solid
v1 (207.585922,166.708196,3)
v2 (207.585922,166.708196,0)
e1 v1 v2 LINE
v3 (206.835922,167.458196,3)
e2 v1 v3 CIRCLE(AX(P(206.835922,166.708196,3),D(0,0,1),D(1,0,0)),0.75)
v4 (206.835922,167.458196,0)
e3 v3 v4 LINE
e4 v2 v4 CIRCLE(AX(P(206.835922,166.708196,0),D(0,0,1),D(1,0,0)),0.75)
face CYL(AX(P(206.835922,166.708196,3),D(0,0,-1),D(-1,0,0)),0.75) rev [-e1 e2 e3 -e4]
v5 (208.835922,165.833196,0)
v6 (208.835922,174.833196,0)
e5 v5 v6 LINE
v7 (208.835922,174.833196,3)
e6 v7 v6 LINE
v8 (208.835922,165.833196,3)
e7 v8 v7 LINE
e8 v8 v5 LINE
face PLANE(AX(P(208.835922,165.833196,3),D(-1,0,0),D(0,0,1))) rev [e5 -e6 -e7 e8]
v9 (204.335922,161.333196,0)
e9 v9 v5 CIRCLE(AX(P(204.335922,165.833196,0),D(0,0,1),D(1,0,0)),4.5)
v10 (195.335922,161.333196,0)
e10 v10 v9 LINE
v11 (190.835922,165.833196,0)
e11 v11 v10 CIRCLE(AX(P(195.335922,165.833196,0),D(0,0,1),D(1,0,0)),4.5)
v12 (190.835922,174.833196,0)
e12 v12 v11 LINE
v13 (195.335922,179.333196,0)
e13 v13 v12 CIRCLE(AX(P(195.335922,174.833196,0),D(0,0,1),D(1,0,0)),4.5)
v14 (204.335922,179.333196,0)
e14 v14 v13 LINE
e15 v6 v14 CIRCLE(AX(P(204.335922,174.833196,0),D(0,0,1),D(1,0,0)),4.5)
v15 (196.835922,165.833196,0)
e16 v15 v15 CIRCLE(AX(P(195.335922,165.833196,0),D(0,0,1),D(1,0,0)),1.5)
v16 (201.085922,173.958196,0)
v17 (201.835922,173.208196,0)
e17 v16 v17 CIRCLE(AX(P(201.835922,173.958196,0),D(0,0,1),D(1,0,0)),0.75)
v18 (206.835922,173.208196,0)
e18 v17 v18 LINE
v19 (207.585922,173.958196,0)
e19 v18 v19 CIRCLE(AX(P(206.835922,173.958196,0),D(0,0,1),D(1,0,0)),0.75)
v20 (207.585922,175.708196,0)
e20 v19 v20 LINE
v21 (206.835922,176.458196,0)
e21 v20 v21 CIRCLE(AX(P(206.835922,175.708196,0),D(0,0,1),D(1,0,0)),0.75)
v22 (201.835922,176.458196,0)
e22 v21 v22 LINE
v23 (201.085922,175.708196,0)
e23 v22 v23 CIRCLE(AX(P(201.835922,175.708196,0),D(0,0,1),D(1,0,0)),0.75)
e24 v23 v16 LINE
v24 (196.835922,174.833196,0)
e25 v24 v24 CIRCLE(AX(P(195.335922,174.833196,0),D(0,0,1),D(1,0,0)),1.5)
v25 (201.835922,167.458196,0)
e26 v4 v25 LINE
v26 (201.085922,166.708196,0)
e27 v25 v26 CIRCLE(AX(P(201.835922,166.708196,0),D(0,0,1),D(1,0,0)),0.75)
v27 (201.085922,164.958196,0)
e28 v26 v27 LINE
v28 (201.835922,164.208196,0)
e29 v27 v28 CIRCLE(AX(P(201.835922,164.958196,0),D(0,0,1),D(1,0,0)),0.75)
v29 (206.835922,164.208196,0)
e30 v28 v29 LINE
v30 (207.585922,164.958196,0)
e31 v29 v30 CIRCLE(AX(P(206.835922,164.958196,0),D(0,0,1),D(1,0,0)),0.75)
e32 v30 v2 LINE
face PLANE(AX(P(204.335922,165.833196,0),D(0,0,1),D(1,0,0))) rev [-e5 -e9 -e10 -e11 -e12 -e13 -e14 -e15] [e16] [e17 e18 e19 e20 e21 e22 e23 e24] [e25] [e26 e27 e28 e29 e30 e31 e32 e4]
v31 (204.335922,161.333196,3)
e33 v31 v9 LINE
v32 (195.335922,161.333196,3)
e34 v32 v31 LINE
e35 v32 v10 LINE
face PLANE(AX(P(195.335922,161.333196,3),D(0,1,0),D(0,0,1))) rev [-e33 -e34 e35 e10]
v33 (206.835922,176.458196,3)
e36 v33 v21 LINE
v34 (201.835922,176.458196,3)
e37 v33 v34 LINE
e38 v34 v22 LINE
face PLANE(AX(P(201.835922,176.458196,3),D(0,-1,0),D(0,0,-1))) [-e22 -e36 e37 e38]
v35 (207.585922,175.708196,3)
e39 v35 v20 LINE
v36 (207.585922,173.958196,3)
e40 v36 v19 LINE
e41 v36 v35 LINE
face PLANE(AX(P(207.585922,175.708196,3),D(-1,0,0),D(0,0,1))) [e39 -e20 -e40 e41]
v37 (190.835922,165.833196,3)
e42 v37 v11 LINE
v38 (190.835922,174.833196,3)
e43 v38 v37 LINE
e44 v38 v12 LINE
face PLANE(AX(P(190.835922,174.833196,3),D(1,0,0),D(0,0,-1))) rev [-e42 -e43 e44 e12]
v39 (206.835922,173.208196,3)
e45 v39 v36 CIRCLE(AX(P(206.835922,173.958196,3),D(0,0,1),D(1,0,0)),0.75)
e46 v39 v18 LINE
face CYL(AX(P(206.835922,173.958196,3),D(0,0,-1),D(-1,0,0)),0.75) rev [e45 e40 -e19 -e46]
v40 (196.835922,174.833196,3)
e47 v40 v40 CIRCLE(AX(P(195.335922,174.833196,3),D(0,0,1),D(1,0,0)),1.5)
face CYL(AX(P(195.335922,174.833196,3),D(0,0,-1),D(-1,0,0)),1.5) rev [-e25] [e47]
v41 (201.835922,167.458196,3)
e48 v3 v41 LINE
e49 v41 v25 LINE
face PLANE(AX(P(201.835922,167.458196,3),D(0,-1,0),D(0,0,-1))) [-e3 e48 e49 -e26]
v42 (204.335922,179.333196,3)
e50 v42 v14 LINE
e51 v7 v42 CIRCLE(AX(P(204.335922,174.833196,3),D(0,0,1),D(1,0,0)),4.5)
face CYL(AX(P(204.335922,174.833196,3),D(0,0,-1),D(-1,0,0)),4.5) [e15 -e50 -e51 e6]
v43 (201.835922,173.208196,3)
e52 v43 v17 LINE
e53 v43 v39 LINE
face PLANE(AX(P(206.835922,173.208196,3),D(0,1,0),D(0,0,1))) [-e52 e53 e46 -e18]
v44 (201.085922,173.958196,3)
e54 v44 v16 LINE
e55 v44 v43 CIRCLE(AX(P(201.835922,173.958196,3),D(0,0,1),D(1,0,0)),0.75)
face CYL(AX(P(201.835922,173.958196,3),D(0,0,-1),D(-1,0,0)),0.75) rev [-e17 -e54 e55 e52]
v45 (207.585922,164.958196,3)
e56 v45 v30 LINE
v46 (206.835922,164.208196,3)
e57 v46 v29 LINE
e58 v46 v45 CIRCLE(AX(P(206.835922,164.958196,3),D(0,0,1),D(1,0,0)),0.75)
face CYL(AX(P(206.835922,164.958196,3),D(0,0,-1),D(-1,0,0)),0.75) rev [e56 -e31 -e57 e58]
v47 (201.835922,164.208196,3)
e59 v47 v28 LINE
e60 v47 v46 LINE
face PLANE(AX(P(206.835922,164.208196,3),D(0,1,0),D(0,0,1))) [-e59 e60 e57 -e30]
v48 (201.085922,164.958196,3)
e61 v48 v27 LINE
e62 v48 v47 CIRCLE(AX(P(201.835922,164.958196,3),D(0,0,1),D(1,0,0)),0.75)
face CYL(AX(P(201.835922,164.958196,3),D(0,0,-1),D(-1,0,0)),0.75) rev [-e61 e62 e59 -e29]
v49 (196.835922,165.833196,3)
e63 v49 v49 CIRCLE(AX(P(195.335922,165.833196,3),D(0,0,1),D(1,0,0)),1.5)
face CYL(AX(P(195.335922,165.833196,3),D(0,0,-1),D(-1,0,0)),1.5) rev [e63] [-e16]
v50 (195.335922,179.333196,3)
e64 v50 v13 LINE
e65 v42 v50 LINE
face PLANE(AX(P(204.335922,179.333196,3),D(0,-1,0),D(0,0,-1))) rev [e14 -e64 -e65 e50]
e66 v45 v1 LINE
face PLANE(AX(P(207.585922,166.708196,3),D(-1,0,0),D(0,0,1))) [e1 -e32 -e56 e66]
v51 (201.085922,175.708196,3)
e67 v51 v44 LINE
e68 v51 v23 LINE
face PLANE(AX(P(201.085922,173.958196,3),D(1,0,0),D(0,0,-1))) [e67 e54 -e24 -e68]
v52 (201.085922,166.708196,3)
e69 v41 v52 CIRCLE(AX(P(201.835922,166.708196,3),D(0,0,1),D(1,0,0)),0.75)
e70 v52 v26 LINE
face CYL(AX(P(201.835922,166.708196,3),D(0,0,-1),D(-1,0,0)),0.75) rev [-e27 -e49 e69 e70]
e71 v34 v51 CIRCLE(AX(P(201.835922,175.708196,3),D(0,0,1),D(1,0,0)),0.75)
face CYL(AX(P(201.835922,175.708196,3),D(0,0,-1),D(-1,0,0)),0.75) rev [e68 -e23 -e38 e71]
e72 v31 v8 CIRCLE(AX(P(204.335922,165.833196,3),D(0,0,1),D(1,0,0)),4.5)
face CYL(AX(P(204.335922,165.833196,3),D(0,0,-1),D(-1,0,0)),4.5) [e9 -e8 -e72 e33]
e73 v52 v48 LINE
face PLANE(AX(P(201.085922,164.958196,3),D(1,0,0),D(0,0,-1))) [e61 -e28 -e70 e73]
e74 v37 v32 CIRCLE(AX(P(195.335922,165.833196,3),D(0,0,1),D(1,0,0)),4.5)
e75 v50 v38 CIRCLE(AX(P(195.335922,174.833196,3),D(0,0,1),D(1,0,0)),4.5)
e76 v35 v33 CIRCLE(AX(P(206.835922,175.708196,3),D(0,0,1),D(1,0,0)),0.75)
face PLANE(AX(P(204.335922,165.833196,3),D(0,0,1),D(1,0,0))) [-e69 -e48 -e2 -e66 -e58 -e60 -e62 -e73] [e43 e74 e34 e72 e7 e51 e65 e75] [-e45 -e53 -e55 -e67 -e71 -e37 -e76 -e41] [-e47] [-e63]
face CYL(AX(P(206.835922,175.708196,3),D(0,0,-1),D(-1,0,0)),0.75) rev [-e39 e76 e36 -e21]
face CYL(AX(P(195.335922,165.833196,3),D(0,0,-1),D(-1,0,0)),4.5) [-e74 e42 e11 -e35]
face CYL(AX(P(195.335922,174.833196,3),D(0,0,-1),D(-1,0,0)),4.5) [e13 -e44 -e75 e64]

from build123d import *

# Parameters (mm, degrees)
MODEL_R                 = 1.5
SALIENTE_EXTRUIR1_DEPTH = 3


with BuildPart() as part:
    # Model → Saliente-Extruir1 (new body)
    with BuildSketch(Plane.XY):
        with BuildLine():
            Line((195.335922194, 161.333196305), (204.335922194, 161.333196305))
            ThreePointArc((204.335922194, 161.333196305), (207.517902709, 162.651215789), (208.835922194, 165.833196305))
            Line((208.835922194, 165.833196305), (208.835922194, 174.833196305))
            ThreePointArc((208.835922194, 174.833196305), (207.517902709, 178.01517682), (204.335922194, 179.333196305))
            Line((204.335922194, 179.333196305), (195.335922194, 179.333196305))
            ThreePointArc((195.335922194, 179.333196305), (192.153941678, 178.01517682), (190.835922194, 174.833196305))
            Line((190.835922194, 174.833196305), (190.835922194, 165.833196305))
            ThreePointArc((190.835922194, 165.833196305), (192.153941678, 162.651215789), (195.335922194, 161.333196305))
        make_face()
        with Locations((195.335922194, 174.833196305)):
            Circle(MODEL_R, mode=Mode.SUBTRACT)
        with Locations((195.335922194, 165.833196305)):
            Circle(MODEL_R, mode=Mode.SUBTRACT)
        with BuildLine():
            Line((206.835922194, 173.208196305), (201.835922194, 173.208196305))
            ThreePointArc((201.835922194, 173.208196305), (201.305592108, 173.427866219), (201.085922194, 173.958196305))
            Line((201.085922194, 173.958196305), (201.085922194, 175.708196305))
            ThreePointArc((201.085922194, 175.708196305), (201.305592108, 176.23852639), (201.835922194, 176.458196305))
            Line((201.835922194, 176.458196305), (206.835922194, 176.458196305))
            ThreePointArc((206.835922194, 176.458196305), (207.36625228, 176.23852639), (207.585922194, 175.708196305))
            Line((207.585922194, 175.708196305), (207.585922194, 173.958196305))
            ThreePointArc((207.585922194, 173.958196305), (207.36625228, 173.427866219), (206.835922194, 173.208196305))
        make_face(mode=Mode.SUBTRACT)
        with BuildLine():
            Line((206.835922194, 164.208196305), (201.835922194, 164.208196305))
            ThreePointArc((201.835922194, 164.208196305), (201.305592108, 164.427866219), (201.085922194, 164.958196305))
            Line((201.085922194, 164.958196305), (201.085922194, 166.708196305))
            ThreePointArc((201.085922194, 166.708196305), (201.305592108, 167.23852639), (201.835922194, 167.458196305))
            Line((201.835922194, 167.458196305), (206.835922194, 167.458196305))
            ThreePointArc((206.835922194, 167.458196305), (207.36625228, 167.23852639), (207.585922194, 166.708196305))
            Line((207.585922194, 166.708196305), (207.585922194, 164.958196305))
            ThreePointArc((207.585922194, 164.958196305), (207.36625228, 164.427866219), (206.835922194, 164.208196305))
        make_face(mode=Mode.SUBTRACT)
    extrude(amount=SALIENTE_EXTRUIR1_DEPTH)


solid = part.part
